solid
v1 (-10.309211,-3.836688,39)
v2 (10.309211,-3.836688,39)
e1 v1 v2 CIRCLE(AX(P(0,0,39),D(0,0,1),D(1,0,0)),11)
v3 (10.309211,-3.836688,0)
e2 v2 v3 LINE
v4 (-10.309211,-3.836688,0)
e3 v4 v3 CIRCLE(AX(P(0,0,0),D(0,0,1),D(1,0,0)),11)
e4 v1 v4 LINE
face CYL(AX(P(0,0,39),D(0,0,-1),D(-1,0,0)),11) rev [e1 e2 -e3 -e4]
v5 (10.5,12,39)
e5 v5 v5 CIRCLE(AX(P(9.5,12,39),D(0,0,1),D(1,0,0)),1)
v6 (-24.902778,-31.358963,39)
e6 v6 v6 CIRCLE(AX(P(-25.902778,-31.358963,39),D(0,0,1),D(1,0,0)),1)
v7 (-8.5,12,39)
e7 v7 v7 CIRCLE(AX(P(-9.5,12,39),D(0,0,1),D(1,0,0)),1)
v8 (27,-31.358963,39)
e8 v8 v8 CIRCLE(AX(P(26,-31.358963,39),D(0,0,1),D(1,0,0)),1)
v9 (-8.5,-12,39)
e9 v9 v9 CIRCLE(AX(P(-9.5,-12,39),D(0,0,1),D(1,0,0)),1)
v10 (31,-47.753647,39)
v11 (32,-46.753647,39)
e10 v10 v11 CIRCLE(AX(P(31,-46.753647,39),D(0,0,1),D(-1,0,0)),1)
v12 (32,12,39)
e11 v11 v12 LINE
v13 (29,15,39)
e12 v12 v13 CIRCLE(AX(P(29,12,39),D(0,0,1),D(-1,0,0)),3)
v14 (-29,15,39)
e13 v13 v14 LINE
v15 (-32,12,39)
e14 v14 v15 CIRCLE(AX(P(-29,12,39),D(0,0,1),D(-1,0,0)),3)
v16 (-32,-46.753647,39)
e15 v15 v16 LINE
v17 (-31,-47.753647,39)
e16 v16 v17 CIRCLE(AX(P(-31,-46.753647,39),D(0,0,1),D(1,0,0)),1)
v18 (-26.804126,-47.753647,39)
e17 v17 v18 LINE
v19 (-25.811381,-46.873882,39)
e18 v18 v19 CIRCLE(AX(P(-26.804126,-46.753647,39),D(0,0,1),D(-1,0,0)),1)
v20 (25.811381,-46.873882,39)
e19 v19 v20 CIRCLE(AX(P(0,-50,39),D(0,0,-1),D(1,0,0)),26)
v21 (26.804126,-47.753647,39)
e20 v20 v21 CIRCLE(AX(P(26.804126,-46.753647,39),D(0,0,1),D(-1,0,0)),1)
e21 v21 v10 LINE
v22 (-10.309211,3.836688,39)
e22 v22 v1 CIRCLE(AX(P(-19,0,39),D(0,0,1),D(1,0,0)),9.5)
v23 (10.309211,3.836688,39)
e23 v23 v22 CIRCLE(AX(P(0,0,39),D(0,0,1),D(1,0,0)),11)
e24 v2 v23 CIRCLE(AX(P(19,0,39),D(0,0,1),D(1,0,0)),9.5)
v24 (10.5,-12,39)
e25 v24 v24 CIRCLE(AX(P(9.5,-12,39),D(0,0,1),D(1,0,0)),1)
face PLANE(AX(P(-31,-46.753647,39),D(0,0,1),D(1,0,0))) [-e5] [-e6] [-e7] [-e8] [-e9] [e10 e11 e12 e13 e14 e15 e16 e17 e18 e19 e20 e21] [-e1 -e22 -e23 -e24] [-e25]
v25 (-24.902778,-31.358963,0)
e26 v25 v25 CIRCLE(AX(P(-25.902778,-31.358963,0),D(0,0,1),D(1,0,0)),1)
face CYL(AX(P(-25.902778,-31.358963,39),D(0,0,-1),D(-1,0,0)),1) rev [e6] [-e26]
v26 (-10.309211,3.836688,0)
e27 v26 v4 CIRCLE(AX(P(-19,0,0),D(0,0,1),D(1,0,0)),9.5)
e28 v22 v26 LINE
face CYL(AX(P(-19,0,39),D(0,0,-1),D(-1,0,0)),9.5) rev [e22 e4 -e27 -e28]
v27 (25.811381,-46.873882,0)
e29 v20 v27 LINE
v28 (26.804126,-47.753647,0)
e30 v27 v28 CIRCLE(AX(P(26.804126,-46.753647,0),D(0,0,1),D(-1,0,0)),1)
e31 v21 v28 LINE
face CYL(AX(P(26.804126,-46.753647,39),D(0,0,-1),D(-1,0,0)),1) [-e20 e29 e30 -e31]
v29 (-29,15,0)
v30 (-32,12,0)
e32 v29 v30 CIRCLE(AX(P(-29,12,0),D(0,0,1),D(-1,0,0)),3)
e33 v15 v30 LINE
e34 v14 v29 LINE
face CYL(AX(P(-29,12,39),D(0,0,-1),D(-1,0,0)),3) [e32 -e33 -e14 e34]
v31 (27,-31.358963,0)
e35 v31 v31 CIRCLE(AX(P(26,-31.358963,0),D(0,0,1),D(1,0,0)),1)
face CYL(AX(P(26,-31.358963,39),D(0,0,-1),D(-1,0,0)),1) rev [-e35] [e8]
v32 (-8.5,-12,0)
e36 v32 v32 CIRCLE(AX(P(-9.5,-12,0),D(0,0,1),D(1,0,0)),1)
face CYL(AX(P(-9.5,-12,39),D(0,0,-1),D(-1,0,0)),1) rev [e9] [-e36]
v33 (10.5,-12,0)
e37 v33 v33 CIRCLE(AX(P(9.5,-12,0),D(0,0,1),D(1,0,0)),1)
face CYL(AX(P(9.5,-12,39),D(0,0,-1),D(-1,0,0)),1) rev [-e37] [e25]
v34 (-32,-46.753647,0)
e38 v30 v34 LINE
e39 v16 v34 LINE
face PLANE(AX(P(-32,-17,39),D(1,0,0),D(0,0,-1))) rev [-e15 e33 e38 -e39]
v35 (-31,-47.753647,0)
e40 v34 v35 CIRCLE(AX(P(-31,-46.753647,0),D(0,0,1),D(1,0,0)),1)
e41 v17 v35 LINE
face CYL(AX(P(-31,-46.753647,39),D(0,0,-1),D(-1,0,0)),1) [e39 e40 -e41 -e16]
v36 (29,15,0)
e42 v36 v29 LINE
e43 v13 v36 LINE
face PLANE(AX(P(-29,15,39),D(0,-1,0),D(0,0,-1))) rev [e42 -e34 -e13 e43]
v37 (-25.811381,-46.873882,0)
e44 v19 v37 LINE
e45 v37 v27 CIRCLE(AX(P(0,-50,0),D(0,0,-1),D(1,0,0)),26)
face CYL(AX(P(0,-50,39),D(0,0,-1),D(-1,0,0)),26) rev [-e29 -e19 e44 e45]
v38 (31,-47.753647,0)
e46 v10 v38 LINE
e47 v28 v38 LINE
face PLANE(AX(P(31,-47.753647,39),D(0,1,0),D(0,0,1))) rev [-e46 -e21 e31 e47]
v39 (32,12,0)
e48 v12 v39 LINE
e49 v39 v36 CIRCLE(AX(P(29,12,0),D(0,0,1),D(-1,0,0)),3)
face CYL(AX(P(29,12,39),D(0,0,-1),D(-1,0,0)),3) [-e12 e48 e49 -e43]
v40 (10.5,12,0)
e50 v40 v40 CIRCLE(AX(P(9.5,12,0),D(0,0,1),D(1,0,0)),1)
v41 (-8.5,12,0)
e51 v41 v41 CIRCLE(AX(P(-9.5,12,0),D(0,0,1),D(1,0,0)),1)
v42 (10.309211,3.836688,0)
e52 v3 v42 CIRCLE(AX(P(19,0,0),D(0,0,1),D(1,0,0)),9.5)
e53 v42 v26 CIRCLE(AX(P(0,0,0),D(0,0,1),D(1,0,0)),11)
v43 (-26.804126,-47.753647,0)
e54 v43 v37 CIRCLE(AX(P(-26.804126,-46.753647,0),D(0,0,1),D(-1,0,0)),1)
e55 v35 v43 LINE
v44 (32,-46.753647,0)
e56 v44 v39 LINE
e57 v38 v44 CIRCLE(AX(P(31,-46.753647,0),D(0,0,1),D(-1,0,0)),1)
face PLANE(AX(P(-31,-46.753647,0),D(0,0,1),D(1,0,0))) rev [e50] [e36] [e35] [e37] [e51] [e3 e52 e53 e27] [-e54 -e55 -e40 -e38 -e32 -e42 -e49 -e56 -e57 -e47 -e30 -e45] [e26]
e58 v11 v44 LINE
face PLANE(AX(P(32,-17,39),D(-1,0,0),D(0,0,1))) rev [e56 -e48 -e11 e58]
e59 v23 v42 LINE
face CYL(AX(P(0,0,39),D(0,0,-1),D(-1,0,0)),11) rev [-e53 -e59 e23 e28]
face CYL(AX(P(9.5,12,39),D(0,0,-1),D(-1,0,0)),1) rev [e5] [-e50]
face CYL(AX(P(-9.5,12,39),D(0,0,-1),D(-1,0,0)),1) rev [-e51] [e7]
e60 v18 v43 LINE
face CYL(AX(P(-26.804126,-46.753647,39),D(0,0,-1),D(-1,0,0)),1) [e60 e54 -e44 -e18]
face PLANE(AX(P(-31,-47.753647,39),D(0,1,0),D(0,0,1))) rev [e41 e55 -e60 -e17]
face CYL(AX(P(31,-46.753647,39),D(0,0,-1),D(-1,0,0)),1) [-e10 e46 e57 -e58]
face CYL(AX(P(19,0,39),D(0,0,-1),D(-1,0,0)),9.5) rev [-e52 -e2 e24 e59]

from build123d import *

# Parameters (mm, degrees)
SKETCH_1_R      = 1
EXTRUDE_1_DEPTH = 39


with BuildPart() as part:
    # Эскиз1 → Бобышка-Вытянуть1 (new body)
    with BuildSketch(Plane.XY):
        with BuildLine():
            Line((-32, -17), (-32, 12))
            ThreePointArc((-32, 12), (-31.121320344, 14.121320344), (-29, 15))
            Line((-29, 15), (29, 15))
            ThreePointArc((29, 15), (31.121320344, 14.121320344), (32, 12))
            Line((32, 12), (32, -17))
            Line((32, -17), (32, -46.753646645))
            ThreePointArc((32, -46.753646645), (31.707106781, -47.460753426), (31, -47.753646645))
            Line((31, -47.753646645), (26.804126359, -47.753646645))
            ThreePointArc((26.804126359, -47.753646645), (26.140890093, -47.50205673), (25.811380939, -46.873881955))
            ThreePointArc((25.811380939, -46.873881955), (0, -24), (-25.811380939, -46.873881955))
            ThreePointArc((-25.811380939, -46.873881955), (-26.140890093, -47.50205673), (-26.804126359, -47.753646645))
            Line((-26.804126359, -47.753646645), (-31, -47.753646645))
            ThreePointArc((-31, -47.753646645), (-31.707106781, -47.460753426), (-32, -46.753646645))
            Line((-32, -46.753646645), (-32, -17))
        make_face()
        with Locations((-9.5, 12)):
            Circle(SKETCH_1_R, mode=Mode.SUBTRACT)
        with Locations((9.5, 12)):
            Circle(SKETCH_1_R, mode=Mode.SUBTRACT)
        with Locations((9.5, -12)):
            Circle(SKETCH_1_R, mode=Mode.SUBTRACT)
        with Locations((-9.5, -12)):
            Circle(SKETCH_1_R, mode=Mode.SUBTRACT)
        with Locations((-25.902777778, -31.358962601)):
            Circle(SKETCH_1_R, mode=Mode.SUBTRACT)
        with Locations((26, -31.358962601)):
            Circle(SKETCH_1_R, mode=Mode.SUBTRACT)
        with BuildLine():
            ThreePointArc((-10.309210526, -3.836688458), (0, -11), (10.309210526, -3.836688458))
            ThreePointArc((10.309210526, -3.836688458), (28.5, 0), (10.309210526, 3.836688458))
            ThreePointArc((10.309210526, 3.836688458), (0, 11), (-10.309210526, 3.836688458))
            ThreePointArc((-10.309210526, 3.836688458), (-28.5, 0), (-10.309210526, -3.836688458))
        make_face(mode=Mode.SUBTRACT)
    extrude(amount=EXTRUDE_1_DEPTH)


solid = part.part
